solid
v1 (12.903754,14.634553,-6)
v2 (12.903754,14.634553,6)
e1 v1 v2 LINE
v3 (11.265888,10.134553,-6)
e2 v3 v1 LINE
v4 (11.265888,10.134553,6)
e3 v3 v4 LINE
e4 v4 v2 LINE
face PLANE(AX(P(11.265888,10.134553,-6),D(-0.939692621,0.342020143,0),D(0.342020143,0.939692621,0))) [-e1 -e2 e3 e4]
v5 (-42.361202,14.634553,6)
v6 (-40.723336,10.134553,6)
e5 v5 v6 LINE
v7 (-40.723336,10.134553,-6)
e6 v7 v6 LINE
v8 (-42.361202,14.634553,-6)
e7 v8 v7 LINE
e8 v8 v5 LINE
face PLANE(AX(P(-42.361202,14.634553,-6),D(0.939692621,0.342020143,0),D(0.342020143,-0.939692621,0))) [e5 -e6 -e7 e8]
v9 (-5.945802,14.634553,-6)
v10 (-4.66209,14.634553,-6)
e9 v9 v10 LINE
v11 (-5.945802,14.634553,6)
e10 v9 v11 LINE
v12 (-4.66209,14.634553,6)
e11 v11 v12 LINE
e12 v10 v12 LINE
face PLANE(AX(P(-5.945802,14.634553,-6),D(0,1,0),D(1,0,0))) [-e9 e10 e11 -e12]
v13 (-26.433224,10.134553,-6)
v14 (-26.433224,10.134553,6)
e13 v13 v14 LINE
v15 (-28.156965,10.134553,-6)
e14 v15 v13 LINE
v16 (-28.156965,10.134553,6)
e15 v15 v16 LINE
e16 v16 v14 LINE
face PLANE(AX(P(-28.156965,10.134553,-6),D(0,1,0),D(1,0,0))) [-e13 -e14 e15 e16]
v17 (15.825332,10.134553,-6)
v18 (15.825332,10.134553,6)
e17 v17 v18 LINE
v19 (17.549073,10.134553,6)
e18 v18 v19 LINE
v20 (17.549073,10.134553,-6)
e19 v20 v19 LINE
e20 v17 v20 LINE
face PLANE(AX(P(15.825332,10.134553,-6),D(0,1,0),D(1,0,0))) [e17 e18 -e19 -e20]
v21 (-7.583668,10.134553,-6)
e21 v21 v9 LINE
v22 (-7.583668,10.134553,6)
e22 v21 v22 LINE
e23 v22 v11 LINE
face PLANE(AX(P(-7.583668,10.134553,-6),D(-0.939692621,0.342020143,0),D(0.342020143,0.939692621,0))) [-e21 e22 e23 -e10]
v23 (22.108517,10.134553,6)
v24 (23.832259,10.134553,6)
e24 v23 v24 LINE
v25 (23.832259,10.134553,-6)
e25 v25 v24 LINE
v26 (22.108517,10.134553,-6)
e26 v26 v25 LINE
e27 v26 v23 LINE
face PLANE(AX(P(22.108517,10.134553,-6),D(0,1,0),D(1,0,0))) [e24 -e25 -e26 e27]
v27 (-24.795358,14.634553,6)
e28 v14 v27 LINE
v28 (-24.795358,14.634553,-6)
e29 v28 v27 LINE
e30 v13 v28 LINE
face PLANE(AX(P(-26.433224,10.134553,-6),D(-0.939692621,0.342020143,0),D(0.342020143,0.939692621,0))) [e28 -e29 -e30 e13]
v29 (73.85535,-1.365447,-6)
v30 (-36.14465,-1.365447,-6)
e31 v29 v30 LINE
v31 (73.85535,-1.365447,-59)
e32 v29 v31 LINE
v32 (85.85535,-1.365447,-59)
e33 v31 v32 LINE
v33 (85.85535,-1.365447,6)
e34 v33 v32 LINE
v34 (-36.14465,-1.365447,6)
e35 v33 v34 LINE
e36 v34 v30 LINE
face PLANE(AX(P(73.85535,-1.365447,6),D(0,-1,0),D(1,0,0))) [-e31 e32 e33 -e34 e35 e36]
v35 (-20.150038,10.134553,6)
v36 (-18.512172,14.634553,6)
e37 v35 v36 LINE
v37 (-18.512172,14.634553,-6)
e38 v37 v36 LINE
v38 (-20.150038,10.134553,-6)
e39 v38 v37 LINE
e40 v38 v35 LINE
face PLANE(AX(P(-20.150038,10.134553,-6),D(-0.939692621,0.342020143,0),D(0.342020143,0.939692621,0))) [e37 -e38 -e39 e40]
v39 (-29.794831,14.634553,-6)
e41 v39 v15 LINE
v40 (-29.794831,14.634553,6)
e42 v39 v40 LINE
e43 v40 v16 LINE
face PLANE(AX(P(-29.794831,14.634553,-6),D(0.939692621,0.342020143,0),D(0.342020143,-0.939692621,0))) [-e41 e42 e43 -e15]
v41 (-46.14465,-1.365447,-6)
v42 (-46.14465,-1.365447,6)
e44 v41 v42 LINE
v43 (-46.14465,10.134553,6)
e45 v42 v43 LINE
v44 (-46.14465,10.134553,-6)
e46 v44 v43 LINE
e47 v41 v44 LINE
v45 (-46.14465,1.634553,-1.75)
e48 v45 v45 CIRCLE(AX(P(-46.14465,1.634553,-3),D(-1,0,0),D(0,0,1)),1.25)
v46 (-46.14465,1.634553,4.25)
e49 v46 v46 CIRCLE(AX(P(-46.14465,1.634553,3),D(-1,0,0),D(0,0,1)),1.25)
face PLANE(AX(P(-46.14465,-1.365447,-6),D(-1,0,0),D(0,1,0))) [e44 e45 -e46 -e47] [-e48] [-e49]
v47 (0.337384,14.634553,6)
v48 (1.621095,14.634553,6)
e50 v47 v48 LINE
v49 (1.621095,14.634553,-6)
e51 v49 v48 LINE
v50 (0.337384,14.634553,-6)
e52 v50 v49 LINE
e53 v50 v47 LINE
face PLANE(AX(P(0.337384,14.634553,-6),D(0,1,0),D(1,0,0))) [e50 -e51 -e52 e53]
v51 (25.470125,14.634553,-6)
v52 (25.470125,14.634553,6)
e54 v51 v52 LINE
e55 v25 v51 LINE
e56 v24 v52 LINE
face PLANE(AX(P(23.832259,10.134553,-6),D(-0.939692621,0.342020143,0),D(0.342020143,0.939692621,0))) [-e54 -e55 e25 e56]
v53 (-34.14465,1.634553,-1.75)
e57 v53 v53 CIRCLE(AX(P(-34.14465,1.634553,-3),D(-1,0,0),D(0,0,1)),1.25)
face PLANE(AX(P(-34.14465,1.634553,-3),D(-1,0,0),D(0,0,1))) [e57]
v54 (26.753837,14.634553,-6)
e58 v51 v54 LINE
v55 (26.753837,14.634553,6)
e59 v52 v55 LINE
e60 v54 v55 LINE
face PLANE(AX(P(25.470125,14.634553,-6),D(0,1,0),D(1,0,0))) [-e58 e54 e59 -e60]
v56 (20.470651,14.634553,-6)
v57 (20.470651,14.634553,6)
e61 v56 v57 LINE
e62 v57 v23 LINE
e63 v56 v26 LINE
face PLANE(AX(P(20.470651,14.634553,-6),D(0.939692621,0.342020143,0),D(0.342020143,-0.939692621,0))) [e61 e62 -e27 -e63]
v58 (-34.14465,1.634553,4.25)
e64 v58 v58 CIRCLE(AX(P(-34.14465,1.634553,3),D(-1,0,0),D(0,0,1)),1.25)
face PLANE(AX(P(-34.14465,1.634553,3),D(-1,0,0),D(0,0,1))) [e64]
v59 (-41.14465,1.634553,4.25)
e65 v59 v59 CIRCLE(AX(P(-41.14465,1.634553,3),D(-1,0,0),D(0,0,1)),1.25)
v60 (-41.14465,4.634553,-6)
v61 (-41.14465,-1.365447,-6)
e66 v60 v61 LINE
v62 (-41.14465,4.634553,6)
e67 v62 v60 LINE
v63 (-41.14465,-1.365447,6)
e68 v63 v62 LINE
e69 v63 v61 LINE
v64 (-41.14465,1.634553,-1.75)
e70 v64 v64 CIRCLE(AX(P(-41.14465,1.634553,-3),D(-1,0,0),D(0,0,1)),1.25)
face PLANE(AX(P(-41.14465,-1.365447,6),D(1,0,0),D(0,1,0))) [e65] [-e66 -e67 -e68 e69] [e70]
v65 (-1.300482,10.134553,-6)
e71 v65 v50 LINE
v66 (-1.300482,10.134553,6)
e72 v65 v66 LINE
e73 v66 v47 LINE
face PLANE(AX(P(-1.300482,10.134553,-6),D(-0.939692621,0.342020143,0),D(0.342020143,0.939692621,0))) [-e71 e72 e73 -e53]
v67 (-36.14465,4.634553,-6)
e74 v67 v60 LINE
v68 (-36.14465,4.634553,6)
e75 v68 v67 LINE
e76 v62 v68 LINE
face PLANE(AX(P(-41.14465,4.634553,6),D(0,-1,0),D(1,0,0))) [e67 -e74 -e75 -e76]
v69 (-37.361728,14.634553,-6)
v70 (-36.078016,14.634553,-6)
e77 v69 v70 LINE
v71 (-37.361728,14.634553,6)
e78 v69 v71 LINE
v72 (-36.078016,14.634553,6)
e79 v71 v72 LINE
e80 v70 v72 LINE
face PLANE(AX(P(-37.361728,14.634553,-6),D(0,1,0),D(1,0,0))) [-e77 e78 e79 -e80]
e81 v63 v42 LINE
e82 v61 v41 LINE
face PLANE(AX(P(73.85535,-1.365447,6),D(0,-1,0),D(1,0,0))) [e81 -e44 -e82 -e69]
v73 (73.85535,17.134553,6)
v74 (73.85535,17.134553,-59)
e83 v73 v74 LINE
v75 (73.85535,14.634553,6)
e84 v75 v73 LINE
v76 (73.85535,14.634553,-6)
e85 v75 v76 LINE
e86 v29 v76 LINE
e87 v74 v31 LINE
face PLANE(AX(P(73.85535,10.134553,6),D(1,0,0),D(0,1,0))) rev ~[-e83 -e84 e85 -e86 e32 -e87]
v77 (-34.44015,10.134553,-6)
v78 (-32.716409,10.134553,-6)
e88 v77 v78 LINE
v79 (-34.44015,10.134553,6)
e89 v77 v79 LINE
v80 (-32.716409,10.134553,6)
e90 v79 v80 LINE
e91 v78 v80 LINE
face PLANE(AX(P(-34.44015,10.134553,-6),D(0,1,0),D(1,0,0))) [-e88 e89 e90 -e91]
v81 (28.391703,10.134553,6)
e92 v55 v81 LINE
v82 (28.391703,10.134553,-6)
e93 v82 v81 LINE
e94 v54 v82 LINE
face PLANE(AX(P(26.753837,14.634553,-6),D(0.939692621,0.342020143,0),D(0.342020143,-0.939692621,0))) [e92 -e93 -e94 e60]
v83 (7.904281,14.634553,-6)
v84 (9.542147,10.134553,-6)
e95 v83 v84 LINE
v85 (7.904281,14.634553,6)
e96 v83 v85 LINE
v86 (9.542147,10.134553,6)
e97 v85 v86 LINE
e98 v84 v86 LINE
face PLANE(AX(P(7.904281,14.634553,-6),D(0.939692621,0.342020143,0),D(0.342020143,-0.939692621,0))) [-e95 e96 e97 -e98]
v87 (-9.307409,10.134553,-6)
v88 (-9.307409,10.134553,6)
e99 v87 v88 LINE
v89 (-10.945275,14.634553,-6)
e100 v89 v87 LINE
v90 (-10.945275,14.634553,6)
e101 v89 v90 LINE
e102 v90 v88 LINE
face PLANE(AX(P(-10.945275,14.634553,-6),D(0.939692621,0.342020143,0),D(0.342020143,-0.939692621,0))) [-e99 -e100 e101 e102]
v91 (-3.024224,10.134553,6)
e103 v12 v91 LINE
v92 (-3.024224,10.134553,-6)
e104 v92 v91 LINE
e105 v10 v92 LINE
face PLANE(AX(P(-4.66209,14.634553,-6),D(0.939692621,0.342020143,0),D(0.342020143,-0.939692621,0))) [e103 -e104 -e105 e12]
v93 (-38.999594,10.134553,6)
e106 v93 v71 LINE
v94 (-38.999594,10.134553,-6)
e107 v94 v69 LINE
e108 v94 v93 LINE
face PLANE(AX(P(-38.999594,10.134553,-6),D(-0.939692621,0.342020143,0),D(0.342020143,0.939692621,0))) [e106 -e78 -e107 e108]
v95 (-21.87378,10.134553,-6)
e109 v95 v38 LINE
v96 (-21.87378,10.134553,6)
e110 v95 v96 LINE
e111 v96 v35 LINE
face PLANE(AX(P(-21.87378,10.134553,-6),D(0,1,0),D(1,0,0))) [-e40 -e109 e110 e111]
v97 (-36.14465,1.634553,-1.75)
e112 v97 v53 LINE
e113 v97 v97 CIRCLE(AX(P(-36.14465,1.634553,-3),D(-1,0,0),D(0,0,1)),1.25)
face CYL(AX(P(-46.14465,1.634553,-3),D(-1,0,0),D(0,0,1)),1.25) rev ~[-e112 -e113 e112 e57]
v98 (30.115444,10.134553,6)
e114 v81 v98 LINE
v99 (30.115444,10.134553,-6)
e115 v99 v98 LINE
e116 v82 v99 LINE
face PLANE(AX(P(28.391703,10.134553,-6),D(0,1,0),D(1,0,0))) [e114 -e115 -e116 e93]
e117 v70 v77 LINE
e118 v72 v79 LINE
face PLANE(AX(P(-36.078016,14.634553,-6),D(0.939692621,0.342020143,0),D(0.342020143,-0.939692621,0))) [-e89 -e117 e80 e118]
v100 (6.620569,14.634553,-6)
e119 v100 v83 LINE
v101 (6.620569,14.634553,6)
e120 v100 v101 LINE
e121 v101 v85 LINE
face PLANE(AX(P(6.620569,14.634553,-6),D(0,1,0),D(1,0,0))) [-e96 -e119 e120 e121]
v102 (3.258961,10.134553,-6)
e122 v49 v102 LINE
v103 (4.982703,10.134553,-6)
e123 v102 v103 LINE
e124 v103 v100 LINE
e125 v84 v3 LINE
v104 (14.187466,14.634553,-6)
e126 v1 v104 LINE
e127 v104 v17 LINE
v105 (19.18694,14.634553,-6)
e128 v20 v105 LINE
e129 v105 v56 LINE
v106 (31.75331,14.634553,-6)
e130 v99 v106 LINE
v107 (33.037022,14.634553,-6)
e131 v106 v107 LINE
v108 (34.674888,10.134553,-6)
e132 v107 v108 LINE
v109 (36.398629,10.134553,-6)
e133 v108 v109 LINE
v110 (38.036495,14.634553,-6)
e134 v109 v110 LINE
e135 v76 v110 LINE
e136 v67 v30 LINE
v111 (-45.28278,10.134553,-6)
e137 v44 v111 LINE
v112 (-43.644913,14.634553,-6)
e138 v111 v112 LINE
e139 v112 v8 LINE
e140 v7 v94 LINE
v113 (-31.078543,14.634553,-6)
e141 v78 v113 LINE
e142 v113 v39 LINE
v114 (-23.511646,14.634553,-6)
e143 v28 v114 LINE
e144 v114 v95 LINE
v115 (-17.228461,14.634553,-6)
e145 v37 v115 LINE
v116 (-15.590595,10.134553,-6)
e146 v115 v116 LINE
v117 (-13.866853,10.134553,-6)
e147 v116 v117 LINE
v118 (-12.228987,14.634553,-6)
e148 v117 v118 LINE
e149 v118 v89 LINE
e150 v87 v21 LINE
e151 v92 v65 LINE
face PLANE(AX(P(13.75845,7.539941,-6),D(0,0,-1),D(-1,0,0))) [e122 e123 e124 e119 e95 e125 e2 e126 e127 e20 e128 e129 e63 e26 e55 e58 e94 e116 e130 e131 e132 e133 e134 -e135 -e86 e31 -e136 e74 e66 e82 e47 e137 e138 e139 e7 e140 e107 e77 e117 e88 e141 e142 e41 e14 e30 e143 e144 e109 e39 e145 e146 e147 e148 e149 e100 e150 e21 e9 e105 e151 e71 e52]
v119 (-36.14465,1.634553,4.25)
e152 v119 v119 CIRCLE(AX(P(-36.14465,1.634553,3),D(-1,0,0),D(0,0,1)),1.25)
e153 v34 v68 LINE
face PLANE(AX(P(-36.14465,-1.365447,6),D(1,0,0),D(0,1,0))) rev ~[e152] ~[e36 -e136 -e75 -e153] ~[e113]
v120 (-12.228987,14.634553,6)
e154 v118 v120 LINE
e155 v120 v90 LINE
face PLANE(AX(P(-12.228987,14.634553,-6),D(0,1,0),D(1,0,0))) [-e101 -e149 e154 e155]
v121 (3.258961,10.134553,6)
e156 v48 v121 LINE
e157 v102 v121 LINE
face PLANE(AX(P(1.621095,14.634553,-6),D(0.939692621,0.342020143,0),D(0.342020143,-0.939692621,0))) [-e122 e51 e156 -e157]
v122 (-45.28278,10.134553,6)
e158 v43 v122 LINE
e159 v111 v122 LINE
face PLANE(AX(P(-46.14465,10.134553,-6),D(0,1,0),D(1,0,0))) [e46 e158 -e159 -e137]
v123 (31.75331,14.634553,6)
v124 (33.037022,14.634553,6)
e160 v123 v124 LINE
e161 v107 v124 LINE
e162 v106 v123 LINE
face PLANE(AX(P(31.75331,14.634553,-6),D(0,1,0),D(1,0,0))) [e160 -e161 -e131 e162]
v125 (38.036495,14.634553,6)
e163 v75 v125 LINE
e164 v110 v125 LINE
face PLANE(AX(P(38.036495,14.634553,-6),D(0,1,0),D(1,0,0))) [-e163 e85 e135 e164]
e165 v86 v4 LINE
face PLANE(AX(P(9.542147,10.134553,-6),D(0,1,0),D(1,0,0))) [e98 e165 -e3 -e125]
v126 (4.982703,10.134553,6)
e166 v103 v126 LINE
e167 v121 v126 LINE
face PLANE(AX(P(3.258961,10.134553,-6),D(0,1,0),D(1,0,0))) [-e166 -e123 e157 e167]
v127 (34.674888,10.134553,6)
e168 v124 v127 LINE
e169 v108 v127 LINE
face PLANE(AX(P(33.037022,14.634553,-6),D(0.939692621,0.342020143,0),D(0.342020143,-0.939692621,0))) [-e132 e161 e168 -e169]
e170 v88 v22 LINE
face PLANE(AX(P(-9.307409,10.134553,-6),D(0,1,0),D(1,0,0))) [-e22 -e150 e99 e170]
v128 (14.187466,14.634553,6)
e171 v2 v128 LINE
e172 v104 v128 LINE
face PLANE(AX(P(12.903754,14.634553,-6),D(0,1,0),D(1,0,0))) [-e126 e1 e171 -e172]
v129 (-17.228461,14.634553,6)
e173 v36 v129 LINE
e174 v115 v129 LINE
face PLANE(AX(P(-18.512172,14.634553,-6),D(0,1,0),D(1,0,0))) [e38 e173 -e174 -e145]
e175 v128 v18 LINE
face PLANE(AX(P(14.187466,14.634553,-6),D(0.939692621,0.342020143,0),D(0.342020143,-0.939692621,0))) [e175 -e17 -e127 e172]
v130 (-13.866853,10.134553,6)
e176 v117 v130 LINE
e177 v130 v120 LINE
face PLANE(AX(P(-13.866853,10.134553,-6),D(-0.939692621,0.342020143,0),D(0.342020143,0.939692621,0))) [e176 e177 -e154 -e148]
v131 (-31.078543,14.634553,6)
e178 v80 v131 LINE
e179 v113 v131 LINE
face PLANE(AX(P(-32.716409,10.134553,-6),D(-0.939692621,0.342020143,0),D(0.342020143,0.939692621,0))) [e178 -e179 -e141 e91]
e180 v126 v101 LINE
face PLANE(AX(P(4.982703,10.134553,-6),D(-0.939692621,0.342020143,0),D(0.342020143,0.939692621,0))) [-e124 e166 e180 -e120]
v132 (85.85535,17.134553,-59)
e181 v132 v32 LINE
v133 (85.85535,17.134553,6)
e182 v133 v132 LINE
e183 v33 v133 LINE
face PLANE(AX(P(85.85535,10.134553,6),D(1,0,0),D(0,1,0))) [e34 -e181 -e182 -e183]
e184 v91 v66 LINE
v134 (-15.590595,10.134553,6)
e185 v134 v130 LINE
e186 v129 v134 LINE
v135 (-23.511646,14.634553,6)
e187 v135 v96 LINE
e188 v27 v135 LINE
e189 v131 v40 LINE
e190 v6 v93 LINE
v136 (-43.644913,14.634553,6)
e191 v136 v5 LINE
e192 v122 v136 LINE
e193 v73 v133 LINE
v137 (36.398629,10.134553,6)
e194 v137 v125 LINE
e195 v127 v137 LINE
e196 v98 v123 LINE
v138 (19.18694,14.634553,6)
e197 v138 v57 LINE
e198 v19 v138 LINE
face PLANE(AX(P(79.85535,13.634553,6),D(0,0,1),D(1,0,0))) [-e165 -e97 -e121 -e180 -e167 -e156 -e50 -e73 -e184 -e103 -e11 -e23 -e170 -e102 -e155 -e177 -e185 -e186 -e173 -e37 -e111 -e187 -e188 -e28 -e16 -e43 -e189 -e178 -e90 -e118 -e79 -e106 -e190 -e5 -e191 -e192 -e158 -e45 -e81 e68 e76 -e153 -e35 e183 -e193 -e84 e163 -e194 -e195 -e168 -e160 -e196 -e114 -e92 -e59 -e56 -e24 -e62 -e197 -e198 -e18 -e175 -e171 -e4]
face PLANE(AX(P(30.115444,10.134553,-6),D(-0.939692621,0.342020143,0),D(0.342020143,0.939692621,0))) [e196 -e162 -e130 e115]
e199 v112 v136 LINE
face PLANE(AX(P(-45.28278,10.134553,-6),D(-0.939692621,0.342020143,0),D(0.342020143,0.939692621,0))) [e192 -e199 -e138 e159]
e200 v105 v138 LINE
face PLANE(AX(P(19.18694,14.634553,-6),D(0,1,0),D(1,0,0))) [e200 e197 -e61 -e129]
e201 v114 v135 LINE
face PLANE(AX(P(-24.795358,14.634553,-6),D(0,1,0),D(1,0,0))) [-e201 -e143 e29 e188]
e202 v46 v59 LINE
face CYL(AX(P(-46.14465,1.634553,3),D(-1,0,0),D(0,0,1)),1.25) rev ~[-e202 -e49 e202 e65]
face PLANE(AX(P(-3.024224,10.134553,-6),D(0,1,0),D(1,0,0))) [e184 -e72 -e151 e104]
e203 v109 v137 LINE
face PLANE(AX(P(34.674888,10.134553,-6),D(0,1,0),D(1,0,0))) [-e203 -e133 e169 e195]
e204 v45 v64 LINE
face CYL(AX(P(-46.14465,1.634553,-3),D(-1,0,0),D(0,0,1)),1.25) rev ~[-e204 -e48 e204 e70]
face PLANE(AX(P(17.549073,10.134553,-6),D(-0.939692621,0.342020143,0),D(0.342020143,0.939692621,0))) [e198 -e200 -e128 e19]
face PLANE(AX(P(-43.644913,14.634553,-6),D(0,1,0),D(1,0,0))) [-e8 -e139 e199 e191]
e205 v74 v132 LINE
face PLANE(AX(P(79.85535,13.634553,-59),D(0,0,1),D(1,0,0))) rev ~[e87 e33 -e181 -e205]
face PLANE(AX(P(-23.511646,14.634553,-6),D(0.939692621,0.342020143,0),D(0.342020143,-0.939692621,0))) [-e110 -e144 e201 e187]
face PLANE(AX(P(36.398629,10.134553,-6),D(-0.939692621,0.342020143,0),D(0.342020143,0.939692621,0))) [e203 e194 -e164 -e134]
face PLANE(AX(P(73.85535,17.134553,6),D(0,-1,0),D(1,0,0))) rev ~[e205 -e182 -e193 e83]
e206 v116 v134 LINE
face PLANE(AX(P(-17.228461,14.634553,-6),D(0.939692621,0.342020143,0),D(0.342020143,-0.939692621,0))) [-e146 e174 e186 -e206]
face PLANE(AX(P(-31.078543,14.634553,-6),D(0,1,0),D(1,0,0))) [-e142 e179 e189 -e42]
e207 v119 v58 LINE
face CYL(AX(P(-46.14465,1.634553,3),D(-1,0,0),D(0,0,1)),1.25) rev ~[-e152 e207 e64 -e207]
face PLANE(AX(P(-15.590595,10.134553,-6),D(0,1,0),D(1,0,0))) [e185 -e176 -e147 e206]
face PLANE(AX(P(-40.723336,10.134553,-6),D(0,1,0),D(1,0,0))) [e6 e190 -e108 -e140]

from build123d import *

# Parameters (mm, degrees)
BOSS_EXTRUDE1_DEPTH = 12
SKETCH6_W           = 12
SKETCH6_H           = 11.5
BOSS_EXTRUDE4_DEPTH = 65
SKETCH7_W           = 12
SKETCH7_H           = 7
BOSS_EXTRUDE5_DEPTH = 65
SKETCH8_W           = 5
SKETCH8_H           = 6
CUT_EXTRUDE1_DEPTH  = 65
SKETCH9_W           = 34.920803936
SKETCH9_H           = 4.5
BOSS_EXTRUDE6_DEPTH = 12
SKETCH10_R          = 1.25
CUT_EXTRUDE2_DEPTH  = 12


with BuildPart() as part:
    # Sketch1 → Boss-Extrude1 (new body)
    with BuildSketch(Plane(origin=(0, 0, -6), x_dir=(-1, 0, 0), z_dir=(0, 0, -1))):
        Polygon((-70.736133614, 14.634553049), (-72.373999668, 10.134553049), (-73.855349707, 10.134553049), (-73.855349707, -1.365446951), (46.144650293, -1.365446951), (46.144650293, 10.134553049), (45.282779553, 10.134553049), (43.644913499, 14.634553049), (42.361201786, 14.634553049), (40.723335732, 10.134553049), (38.999594253, 10.134553049), (37.361728199, 14.634553049), (36.078016486, 14.634553049), (34.440150432, 10.134553049), (32.716408953, 10.134553049), (31.078542899, 14.634553049), (29.794831186, 14.634553049), (28.156965132, 10.134553049), (26.433223653, 10.134553049), (24.795357599, 14.634553049), (23.511645886, 14.634553049), (21.873779832, 10.134553049), (20.150038353, 10.134553049), (18.512172299, 14.634553049), (17.228460586, 14.634553049), (15.590594532, 10.134553049), (13.866853053, 10.134553049), (12.228986999, 14.634553049), (10.945275286, 14.634553049), (9.307409232, 10.134553049), (7.583667753, 10.134553049), (5.945801699, 14.634553049), (4.662089986, 14.634553049), (3.024223932, 10.134553049), (1.300482453, 10.134553049), (-0.337383601, 14.634553049), (-1.621095314, 14.634553049), (-3.258961368, 10.134553049), (-4.982702847, 10.134553049), (-6.620568901, 14.634553049), (-7.904280614, 14.634553049), (-9.542146668, 10.134553049), (-11.265888147, 10.134553049), (-12.903754201, 14.634553049), (-14.187465914, 14.634553049), (-15.825331968, 10.134553049), (-17.549073447, 10.134553049), (-19.186939501, 14.634553049), (-20.470651214, 14.634553049), (-22.108517268, 10.134553049), (-23.832258747, 10.134553049), (-25.470124801, 14.634553049), (-26.753836514, 14.634553049), (-28.391702568, 10.134553049), (-30.115444047, 10.134553049), (-31.753310101, 14.634553049), (-33.037021814, 14.634553049), (-34.674887868, 10.134553049), (-36.398629347, 10.134553049), (-38.036495401, 14.634553049), (-39.320207114, 14.634553049), (-40.958073168, 10.134553049), (-42.681814647, 10.134553049), (-44.319680701, 14.634553049), (-45.603392414, 14.634553049), (-47.241258468, 10.134553049), (-48.964999947, 10.134553049), (-50.602866001, 14.634553049), (-51.886577714, 14.634553049), (-53.524443768, 10.134553049), (-55.248185247, 10.134553049), (-56.886051301, 14.634553049), (-58.169763014, 14.634553049), (-59.807629068, 10.134553049), (-61.531370547, 10.134553049), (-63.169236601, 14.634553049), (-64.452948314, 14.634553049), (-66.090814368, 10.134553049), (-67.814555847, 10.134553049), (-69.452421901, 14.634553049), align=None)
    extrude(amount=-BOSS_EXTRUDE1_DEPTH)

    # Sketch6 → Boss-Extrude4 (add)
    with BuildSketch(Plane.XY.offset(6)):
        with Locations((79.855349707, 4.384553049)):
            Rectangle(SKETCH6_W, SKETCH6_H)
    extrude(amount=-BOSS_EXTRUDE4_DEPTH)

    # Sketch7 → Boss-Extrude5 (add)
    with BuildSketch(Plane.XY.offset(6)):
        with Locations((79.855349707, 13.634553049)):
            Rectangle(SKETCH7_W, SKETCH7_H)
    extrude(amount=-BOSS_EXTRUDE5_DEPTH)

    # Sketch8 → Cut-Extrude1 (cut)
    with BuildSketch(Plane.XY.offset(6)):
        with Locations((-38.644650293, 1.634553049)):
            Rectangle(SKETCH8_W, SKETCH8_H)
    extrude(amount=-CUT_EXTRUDE1_DEPTH, mode=Mode.SUBTRACT)

    # Sketch9 → Boss-Extrude6 (add)
    with BuildSketch(Plane.XY.offset(6)):
        with Locations((56.394947739, 12.384553049)):
            Rectangle(SKETCH9_W, SKETCH9_H)
    extrude(amount=-BOSS_EXTRUDE6_DEPTH)

    # Sketch10 → Cut-Extrude2 (cut)
    with BuildSketch(Plane.ZY.offset(46.144650293)):
        with Locations((-3, 1.634553049)):
            Circle(SKETCH10_R)
        with Locations((3, 1.634553049)):
            Circle(SKETCH10_R)
    extrude(amount=-CUT_EXTRUDE2_DEPTH, mode=Mode.SUBTRACT)


solid = part.part
